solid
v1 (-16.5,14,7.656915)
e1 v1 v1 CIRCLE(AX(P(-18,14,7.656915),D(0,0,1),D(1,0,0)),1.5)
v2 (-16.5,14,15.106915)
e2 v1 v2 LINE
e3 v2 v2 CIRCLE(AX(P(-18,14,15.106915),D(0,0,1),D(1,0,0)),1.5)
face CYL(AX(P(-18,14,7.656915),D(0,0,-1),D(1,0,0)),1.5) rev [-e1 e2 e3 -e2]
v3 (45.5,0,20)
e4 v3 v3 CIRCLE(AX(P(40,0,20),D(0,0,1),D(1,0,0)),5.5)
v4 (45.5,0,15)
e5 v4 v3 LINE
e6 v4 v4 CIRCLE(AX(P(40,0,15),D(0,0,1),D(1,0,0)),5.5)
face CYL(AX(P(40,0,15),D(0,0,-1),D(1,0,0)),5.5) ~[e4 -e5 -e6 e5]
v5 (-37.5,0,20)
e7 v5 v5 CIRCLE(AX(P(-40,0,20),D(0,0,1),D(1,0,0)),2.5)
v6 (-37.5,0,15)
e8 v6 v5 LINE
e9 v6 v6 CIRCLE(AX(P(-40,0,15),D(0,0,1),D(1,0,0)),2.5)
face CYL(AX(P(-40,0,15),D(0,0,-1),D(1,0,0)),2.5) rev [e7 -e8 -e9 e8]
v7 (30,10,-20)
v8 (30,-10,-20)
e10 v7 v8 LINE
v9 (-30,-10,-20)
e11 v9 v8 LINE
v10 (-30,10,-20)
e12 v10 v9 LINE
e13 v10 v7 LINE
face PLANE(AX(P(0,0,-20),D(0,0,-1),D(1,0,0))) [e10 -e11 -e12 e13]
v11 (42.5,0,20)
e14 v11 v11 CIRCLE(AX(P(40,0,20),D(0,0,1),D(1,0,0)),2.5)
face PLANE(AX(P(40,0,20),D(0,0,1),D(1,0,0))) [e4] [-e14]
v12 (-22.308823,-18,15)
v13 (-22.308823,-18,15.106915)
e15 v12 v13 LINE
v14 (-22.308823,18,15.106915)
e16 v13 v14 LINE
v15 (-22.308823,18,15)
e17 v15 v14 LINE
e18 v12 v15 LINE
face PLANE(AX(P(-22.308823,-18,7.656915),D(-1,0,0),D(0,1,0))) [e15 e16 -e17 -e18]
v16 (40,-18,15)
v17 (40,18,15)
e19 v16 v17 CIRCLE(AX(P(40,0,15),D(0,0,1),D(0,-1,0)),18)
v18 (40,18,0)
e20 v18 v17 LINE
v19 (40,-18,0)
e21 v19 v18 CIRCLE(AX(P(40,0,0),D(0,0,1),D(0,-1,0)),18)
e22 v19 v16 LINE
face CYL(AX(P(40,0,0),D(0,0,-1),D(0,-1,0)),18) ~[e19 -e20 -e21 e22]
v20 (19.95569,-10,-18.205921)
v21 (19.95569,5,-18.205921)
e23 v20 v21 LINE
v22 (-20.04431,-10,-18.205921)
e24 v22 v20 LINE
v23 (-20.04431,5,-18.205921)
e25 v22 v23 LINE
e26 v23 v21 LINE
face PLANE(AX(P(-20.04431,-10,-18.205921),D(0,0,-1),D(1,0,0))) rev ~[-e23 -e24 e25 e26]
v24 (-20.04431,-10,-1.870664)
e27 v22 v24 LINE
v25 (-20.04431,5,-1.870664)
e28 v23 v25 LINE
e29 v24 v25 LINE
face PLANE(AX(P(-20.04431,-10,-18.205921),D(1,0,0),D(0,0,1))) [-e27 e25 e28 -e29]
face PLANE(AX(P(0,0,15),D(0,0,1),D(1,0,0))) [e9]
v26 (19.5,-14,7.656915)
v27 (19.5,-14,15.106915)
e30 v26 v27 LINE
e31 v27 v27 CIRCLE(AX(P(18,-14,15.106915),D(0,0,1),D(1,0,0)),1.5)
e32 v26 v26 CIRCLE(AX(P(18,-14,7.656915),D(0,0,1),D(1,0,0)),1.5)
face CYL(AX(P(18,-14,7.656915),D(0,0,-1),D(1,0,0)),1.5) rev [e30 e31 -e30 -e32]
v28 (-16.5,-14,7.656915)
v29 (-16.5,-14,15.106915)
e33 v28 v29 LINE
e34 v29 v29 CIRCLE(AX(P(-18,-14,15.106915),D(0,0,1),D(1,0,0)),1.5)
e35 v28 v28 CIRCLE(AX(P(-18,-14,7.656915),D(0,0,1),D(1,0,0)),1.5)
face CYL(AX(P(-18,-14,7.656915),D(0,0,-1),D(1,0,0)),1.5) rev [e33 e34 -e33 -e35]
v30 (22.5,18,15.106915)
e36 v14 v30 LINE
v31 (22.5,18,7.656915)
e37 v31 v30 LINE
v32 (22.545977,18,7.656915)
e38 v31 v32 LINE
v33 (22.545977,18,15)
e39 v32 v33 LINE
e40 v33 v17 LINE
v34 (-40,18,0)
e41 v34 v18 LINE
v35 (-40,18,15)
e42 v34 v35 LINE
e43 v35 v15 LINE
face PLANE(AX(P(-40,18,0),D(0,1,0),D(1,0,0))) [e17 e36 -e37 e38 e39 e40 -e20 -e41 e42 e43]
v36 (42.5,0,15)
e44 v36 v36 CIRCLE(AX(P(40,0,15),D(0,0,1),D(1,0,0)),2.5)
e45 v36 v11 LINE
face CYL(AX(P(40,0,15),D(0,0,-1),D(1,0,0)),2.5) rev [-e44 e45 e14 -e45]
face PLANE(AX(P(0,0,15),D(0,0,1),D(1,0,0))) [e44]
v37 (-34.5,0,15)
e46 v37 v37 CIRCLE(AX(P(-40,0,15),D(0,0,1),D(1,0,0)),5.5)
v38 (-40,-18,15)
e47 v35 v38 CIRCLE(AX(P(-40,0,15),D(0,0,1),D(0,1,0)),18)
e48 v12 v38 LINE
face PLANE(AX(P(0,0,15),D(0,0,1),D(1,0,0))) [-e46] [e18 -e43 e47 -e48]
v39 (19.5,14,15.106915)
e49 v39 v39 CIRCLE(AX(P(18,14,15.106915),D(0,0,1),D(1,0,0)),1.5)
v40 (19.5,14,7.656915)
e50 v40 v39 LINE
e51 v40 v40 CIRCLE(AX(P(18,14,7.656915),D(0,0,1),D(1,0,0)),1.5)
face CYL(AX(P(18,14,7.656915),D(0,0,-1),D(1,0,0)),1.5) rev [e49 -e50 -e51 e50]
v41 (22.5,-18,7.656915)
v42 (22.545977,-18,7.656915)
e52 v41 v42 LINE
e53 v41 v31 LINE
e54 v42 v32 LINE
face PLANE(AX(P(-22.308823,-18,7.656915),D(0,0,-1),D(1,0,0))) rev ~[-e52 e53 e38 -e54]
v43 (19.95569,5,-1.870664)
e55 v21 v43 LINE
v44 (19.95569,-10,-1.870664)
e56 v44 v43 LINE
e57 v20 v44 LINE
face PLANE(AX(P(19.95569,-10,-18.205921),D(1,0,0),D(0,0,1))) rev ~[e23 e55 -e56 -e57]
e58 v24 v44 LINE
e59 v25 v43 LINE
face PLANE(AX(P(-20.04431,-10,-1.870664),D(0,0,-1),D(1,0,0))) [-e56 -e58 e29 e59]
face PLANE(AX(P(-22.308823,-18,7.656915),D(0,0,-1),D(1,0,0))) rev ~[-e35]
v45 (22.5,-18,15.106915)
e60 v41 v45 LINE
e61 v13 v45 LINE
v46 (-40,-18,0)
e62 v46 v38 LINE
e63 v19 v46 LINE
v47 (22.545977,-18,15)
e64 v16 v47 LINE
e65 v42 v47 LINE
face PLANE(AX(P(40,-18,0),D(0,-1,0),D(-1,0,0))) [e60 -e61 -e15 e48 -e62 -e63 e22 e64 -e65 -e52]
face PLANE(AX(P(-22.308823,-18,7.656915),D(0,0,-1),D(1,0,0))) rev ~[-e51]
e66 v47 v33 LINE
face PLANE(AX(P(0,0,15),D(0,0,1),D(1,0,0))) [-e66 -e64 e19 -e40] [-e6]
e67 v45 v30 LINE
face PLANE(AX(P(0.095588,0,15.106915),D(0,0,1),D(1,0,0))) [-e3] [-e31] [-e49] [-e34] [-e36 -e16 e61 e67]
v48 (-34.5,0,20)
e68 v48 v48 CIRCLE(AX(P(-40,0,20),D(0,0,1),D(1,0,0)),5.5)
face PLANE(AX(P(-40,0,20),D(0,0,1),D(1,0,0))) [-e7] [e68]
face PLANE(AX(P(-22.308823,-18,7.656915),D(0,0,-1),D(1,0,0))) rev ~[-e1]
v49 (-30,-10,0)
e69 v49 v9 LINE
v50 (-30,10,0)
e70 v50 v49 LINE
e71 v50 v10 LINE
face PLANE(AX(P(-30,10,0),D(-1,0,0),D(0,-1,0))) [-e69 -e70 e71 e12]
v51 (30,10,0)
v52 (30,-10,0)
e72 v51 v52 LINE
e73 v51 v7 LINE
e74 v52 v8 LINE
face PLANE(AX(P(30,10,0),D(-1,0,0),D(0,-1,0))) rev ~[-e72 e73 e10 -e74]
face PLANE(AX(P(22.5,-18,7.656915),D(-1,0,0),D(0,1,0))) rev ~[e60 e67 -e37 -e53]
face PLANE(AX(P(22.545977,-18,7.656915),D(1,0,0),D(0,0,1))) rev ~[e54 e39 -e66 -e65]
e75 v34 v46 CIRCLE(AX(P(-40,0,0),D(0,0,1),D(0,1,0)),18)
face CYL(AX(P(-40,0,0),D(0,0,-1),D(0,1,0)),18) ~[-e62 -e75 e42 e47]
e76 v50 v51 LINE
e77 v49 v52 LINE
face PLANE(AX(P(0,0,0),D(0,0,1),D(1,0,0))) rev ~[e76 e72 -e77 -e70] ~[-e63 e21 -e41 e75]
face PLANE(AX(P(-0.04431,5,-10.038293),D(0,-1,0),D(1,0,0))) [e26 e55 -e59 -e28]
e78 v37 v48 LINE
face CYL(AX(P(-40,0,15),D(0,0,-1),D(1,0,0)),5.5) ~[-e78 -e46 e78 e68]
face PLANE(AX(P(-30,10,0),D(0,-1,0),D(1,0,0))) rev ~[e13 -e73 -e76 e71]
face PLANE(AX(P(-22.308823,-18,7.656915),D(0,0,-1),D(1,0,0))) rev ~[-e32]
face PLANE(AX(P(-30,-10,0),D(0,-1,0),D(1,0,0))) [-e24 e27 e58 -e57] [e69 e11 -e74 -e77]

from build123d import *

# Parameters (mm, degrees)
PAD_DEPTH       = 15
SKETCH002_W     = 44.8548
SKETCH002_H     = 24.142434
POCKET_DEPTH    = 36
SKETCH003_W     = 44.808823
SKETCH003_H     = 36
SKETCH003_R     = 1.5
PAD001_DEPTH    = 7.45
SKETCH004_R     = 5.5
SKETCH004_R_2   = 2.5
PAD002_DEPTH    = 5
SKETCH005_W     = 60
SKETCH005_H     = 20
PAD003_DEPTH    = 20
SKETCH006_W     = 40
SKETCH006_H     = 16.335257
POCKET001_DEPTH = 15


with BuildPart() as part:
    # Sketch001 → Pad (new body)
    with BuildSketch(Plane.XY):
        with BuildLine():
            ThreePointArc((-40, 18), (-58, 0), (-40, -18))
            Line((40, -18), (-40, -18))
            ThreePointArc((40, -18), (58, 0), (40, 18))
            Line((-40, 18), (40, 18))
        make_face()
    extrude(amount=PAD_DEPTH)

    # Sketch002 (on DatumPlane) → Pocket (cut)
    with BuildSketch(Plane.XZ.offset(18)):
        with Locations((0.118577, 19.728132)):
            Rectangle(SKETCH002_W, SKETCH002_H)
    extrude(amount=-POCKET_DEPTH, mode=Mode.SUBTRACT)

    # Sketch003 (on Face9 of Pocket) → Pad001 (join)
    with BuildSketch(Plane.XY.offset(7.656915)):
        with Locations((0.095588, 0)):
            Rectangle(SKETCH003_W, SKETCH003_H)
        with Locations((-18, 14)):
            Circle(SKETCH003_R, mode=Mode.SUBTRACT)
        with Locations((18, 14)):
            Circle(SKETCH003_R, mode=Mode.SUBTRACT)
        with Locations((18, -14)):
            Circle(SKETCH003_R, mode=Mode.SUBTRACT)
        with Locations((-18, -14)):
            Circle(SKETCH003_R, mode=Mode.SUBTRACT)
    extrude(amount=PAD001_DEPTH)

    # Sketch004 (on Face5 of Pad001) → Pad002 (join)
    with BuildSketch(Plane.XY.offset(15)):
        with Locations((-40, 0)):
            Circle(SKETCH004_R)
        with Locations((-40, 0)):
            Circle(SKETCH004_R_2, mode=Mode.SUBTRACT)
        with Locations((40, 0)):
            Circle(SKETCH004_R)
        with Locations((40, 0)):
            Circle(SKETCH004_R_2, mode=Mode.SUBTRACT)
    extrude(amount=PAD002_DEPTH)

    # Sketch005 (on Face4 of Pad002) → Pad003 (join)
    with BuildSketch(Plane(origin=(0, 0, 0), x_dir=(1, 0, 0), z_dir=(0, 0, -1))):
        Rectangle(SKETCH005_W, SKETCH005_H)
    extrude(amount=PAD003_DEPTH)

    # Sketch006 (on Face12 of Pad003) → Pocket001 (cut)
    with BuildSketch(Plane.XZ.offset(10)):
        with Locations((-0.04431, -10.038293)):
            Rectangle(SKETCH006_W, SKETCH006_H)
    extrude(amount=-POCKET001_DEPTH, mode=Mode.SUBTRACT)


solid = part.part
